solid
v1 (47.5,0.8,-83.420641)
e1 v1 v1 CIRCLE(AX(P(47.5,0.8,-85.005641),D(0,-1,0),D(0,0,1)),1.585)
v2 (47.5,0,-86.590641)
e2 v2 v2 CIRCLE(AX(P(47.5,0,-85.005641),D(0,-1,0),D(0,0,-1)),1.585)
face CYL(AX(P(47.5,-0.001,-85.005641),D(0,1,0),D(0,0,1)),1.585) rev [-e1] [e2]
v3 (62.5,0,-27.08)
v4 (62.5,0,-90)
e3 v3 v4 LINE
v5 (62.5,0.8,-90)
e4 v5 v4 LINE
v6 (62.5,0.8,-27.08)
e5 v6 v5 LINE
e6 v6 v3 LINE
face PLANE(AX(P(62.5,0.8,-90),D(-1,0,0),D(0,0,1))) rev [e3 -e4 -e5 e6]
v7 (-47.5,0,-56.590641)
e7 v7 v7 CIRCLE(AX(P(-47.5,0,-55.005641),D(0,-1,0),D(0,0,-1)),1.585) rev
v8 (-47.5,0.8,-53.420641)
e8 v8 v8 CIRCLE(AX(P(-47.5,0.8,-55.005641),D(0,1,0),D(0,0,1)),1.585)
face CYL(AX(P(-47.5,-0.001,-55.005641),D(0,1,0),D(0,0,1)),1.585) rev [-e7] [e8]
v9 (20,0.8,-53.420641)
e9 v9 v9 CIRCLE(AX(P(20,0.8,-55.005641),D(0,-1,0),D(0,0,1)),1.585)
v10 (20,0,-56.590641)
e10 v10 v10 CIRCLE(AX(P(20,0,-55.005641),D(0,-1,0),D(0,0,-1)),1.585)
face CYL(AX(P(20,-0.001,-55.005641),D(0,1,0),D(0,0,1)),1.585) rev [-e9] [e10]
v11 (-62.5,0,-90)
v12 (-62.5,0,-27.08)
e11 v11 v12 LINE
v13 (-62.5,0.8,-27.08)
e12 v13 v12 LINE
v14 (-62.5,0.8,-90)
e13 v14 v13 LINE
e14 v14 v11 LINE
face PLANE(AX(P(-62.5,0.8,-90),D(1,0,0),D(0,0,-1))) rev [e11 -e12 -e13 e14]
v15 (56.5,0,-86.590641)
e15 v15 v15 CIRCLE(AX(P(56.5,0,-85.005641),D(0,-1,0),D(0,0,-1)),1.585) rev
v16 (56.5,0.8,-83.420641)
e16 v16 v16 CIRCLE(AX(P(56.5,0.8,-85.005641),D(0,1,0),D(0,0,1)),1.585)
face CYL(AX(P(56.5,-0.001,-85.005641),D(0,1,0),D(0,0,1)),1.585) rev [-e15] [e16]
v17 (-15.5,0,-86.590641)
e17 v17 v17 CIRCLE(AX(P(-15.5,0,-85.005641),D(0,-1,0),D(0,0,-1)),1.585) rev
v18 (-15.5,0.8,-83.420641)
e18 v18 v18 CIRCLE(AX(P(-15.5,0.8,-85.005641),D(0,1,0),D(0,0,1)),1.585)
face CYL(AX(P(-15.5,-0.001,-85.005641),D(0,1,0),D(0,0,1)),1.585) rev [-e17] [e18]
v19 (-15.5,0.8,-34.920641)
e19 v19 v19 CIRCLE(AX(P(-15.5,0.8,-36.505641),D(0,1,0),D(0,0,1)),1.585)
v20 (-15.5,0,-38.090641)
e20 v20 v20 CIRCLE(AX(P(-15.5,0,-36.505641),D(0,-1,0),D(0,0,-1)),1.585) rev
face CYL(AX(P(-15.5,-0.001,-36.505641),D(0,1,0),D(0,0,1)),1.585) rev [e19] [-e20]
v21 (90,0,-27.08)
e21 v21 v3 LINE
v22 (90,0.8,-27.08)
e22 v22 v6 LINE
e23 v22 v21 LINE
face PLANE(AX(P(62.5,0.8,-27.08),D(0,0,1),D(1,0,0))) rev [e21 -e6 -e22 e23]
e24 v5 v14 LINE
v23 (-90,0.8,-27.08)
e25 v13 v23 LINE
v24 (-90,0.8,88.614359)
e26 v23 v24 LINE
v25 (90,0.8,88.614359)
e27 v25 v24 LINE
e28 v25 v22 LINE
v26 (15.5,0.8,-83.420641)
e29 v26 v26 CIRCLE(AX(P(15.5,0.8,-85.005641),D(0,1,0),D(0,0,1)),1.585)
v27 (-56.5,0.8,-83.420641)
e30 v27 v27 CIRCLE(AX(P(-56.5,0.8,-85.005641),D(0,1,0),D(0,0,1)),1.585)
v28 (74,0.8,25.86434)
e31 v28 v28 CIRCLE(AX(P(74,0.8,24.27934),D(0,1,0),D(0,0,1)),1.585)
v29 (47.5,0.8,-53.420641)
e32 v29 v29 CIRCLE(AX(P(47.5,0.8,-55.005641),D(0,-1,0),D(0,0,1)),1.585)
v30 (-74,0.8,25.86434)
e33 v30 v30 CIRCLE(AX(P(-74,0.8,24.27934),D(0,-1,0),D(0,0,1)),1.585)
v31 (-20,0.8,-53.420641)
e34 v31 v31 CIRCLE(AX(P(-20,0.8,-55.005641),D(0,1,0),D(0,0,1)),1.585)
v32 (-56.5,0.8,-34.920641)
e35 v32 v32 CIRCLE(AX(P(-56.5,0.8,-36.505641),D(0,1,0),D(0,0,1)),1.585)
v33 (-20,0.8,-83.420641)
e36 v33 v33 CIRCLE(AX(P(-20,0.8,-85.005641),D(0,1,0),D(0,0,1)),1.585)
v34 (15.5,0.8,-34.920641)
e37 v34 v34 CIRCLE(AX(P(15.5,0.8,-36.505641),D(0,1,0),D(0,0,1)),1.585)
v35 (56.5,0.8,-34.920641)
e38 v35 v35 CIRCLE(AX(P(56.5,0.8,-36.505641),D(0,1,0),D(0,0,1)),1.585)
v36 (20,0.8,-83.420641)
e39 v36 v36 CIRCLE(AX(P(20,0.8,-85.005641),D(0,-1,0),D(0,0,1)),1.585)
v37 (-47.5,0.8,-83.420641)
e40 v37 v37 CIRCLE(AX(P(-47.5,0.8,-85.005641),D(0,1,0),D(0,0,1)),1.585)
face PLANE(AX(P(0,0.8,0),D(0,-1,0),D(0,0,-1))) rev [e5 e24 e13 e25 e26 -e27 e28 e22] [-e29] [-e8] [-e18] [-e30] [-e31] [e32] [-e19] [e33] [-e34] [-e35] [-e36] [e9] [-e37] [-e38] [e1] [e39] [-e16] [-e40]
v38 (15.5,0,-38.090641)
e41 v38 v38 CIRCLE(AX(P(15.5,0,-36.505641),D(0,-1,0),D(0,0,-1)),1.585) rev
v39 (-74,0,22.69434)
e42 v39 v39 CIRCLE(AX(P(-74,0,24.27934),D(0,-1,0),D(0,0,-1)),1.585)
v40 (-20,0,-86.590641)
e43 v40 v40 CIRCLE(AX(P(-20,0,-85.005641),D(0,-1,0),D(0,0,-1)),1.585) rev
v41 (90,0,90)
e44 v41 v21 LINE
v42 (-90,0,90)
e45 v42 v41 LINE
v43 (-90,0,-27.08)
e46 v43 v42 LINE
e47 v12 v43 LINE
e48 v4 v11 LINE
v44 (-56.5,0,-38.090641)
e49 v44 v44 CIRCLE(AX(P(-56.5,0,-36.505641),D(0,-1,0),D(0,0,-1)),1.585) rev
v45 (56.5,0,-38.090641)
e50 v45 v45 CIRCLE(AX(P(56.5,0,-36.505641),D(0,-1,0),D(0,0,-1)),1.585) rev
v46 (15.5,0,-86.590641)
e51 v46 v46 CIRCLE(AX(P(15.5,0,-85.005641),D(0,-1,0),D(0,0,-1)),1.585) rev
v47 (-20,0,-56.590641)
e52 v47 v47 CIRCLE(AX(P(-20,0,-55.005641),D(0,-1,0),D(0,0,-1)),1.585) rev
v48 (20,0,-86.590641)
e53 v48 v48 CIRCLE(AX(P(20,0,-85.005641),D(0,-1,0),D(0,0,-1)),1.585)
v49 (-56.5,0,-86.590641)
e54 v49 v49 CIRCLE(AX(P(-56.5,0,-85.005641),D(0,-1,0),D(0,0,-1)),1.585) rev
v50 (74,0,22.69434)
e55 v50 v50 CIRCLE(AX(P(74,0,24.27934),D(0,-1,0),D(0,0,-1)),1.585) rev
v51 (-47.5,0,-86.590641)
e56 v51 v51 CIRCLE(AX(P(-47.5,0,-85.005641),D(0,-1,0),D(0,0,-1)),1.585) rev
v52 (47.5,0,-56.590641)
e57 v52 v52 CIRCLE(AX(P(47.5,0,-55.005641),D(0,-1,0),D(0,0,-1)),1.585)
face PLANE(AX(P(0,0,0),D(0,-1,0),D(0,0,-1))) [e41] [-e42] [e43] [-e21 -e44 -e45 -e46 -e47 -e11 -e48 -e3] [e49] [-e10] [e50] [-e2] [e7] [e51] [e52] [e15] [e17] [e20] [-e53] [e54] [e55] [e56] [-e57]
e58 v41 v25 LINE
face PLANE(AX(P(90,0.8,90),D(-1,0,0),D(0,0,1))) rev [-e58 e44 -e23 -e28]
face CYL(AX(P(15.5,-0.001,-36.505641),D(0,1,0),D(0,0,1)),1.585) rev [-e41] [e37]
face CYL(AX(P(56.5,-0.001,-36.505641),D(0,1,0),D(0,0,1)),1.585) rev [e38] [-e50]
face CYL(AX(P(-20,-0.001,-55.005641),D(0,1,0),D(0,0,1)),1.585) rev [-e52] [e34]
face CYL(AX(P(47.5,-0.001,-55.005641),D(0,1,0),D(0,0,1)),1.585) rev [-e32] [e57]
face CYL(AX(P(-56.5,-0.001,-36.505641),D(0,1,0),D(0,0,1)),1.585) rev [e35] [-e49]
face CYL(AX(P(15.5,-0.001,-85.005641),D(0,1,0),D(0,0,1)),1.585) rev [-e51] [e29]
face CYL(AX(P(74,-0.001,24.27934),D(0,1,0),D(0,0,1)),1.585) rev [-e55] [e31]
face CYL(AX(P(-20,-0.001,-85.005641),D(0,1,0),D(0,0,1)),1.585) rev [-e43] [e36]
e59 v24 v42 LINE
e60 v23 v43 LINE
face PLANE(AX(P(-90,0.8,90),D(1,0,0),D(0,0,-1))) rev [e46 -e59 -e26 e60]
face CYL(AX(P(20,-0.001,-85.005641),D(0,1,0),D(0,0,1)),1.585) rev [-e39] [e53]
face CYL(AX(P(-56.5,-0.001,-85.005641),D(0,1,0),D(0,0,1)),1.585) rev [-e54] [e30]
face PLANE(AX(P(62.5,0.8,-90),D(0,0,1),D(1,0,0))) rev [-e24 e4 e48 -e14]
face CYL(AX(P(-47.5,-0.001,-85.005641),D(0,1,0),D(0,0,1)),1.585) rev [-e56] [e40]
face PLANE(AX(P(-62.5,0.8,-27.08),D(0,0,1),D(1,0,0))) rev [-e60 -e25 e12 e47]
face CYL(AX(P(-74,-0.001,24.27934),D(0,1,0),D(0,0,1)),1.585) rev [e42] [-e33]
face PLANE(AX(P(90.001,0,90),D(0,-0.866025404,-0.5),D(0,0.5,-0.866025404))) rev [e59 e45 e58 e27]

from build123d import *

# Parameters (mm, degrees)
SALIENTE_EXTRUIR1_DEPTH = 0.8
CORTAR_EXTRUIR1_REACH   = 182
CROQUIS3_R              = 1.585
CORTAR_EXTRUIR2_DEPTH   = 0.8
CORTAR_EXTRUIR3_REACH   = 2.8
CROQUIS4_R              = 1.585
CORTAR_EXTRUIR4_REACH   = 2.8
CROQUIS6_R              = 1.585
CROQUIS7_R              = 1.585
CORTAR_EXTRUIR5_DEPTH   = 0.8


with BuildPart() as part:
    # Croquis1 → Saliente-Extruir1 (new body)
    with BuildSketch(Plane(origin=(0, 0, 0), x_dir=(1, 0, 0), z_dir=(0, 1, 0))):
        Polygon((-62.5, 90), (-62.5, 27.08), (-90, 27.08), (-90, -90), (90, -90), (90, 27.08), (62.5, 27.08), (62.5, 90), align=None)
    extrude(amount=SALIENTE_EXTRUIR1_DEPTH)

    # Croquis2 → Cortar-Extruir1 (cut, up to next)
    with BuildSketch(Plane.ZY.offset(90), mode=Mode.PRIVATE) as cortar_extruir1_sk1:
        Polygon((90, 0), (88.614359354, 0.8), (90, 0.8), align=None)
    cortar_extruir1_tool1 = extrude(cortar_extruir1_sk1.sketch, amount=-CORTAR_EXTRUIR1_REACH, mode=Mode.PRIVATE) & part.part
    add(cortar_extruir1_tool1.solids().sort_by_distance((-90, 0.533333, 89.53812))[0], mode=Mode.SUBTRACT)

    # Croquis3 → Cortar-Extruir2 (cut)
    with BuildSketch(Plane(origin=(0, 0.8, 0), x_dir=(1, 0, 0), z_dir=(0, 1, 0))):
        with Locations((74, -24.279339937)):
            Circle(CROQUIS3_R)
    cortar_extruir2 = extrude(amount=-CORTAR_EXTRUIR2_DEPTH, mode=Mode.SUBTRACT)

    # Simetría1: Cortar-Extruir2 across plane
    add(cortar_extruir2.mirror(Plane(origin=(0, 0, 0), x_dir=(0, 0, 1), z_dir=(1, 0, 0))), mode=Mode.SUBTRACT)

    # Croquis4 → Cortar-Extruir3 (cut, up to next)
    with BuildSketch(Plane(origin=(0, 0.8, 0), x_dir=(1, 0, 0), z_dir=(0, 1, 0)), mode=Mode.PRIVATE) as cortar_extruir3_sk1:
        with Locations((-56.5, 36.505640646)):
            Circle(CROQUIS4_R)
    cortar_extruir3_tool1 = extrude(cortar_extruir3_sk1.sketch, amount=-CORTAR_EXTRUIR3_REACH, mode=Mode.PRIVATE) & part.part
    add(cortar_extruir3_tool1.solids().sort_by_distance((-56.5, 0.8, -36.505641))[0], mode=Mode.SUBTRACT)
    # Croquis4 → Cortar-Extruir3 (cut, up to next)
    with BuildSketch(Plane(origin=(0, 0.8, 0), x_dir=(1, 0, 0), z_dir=(0, 1, 0)), mode=Mode.PRIVATE) as cortar_extruir3_sk2:
        with Locations((-15.5, 36.505640646)):
            Circle(CROQUIS4_R)
    cortar_extruir3_tool2 = extrude(cortar_extruir3_sk2.sketch, amount=-CORTAR_EXTRUIR3_REACH, mode=Mode.PRIVATE) & part.part
    add(cortar_extruir3_tool2.solids().sort_by_distance((-15.5, 0.8, -36.505641))[0], mode=Mode.SUBTRACT)
    # Croquis4 → Cortar-Extruir3 (cut, up to next)
    with BuildSketch(Plane(origin=(0, 0.8, 0), x_dir=(1, 0, 0), z_dir=(0, 1, 0)), mode=Mode.PRIVATE) as cortar_extruir3_sk3:
        with Locations((-15.5, 85.005640646)):
            Circle(CROQUIS4_R)
    cortar_extruir3_tool3 = extrude(cortar_extruir3_sk3.sketch, amount=-CORTAR_EXTRUIR3_REACH, mode=Mode.PRIVATE) & part.part
    add(cortar_extruir3_tool3.solids().sort_by_distance((-15.5, 0.8, -85.005641))[0], mode=Mode.SUBTRACT)
    # Croquis4 → Cortar-Extruir3 (cut, up to next)
    with BuildSketch(Plane(origin=(0, 0.8, 0), x_dir=(1, 0, 0), z_dir=(0, 1, 0)), mode=Mode.PRIVATE) as cortar_extruir3_sk4:
        with Locations((-56.5, 85.005640646)):
            Circle(CROQUIS4_R)
    cortar_extruir3_tool4 = extrude(cortar_extruir3_sk4.sketch, amount=-CORTAR_EXTRUIR3_REACH, mode=Mode.PRIVATE) & part.part
    add(cortar_extruir3_tool4.solids().sort_by_distance((-56.5, 0.8, -85.005641))[0], mode=Mode.SUBTRACT)

    # Croquis6 → Cortar-Extruir4 (cut, up to next)
    with BuildSketch(Plane(origin=(0, 0.8, 0), x_dir=(1, 0, 0), z_dir=(0, 1, 0)), mode=Mode.PRIVATE) as cortar_extruir4_sk1:
        with Locations((56.5, 85.005640646)):
            Circle(CROQUIS6_R)
    cortar_extruir4_tool1 = extrude(cortar_extruir4_sk1.sketch, amount=-CORTAR_EXTRUIR4_REACH, mode=Mode.PRIVATE) & part.part
    add(cortar_extruir4_tool1.solids().sort_by_distance((56.5, 0.8, -85.005641))[0], mode=Mode.SUBTRACT)
    # Croquis6 → Cortar-Extruir4 (cut, up to next)
    with BuildSketch(Plane(origin=(0, 0.8, 0), x_dir=(1, 0, 0), z_dir=(0, 1, 0)), mode=Mode.PRIVATE) as cortar_extruir4_sk2:
        with Locations((15.5, 85.005640646)):
            Circle(CROQUIS6_R)
    cortar_extruir4_tool2 = extrude(cortar_extruir4_sk2.sketch, amount=-CORTAR_EXTRUIR4_REACH, mode=Mode.PRIVATE) & part.part
    add(cortar_extruir4_tool2.solids().sort_by_distance((15.5, 0.8, -85.005641))[0], mode=Mode.SUBTRACT)
    # Croquis6 → Cortar-Extruir4 (cut, up to next)
    with BuildSketch(Plane(origin=(0, 0.8, 0), x_dir=(1, 0, 0), z_dir=(0, 1, 0)), mode=Mode.PRIVATE) as cortar_extruir4_sk3:
        with Locations((15.5, 36.505640646)):
            Circle(CROQUIS6_R)
    cortar_extruir4_tool3 = extrude(cortar_extruir4_sk3.sketch, amount=-CORTAR_EXTRUIR4_REACH, mode=Mode.PRIVATE) & part.part
    add(cortar_extruir4_tool3.solids().sort_by_distance((15.5, 0.8, -36.505641))[0], mode=Mode.SUBTRACT)
    # Croquis6 → Cortar-Extruir4 (cut, up to next)
    with BuildSketch(Plane(origin=(0, 0.8, 0), x_dir=(1, 0, 0), z_dir=(0, 1, 0)), mode=Mode.PRIVATE) as cortar_extruir4_sk4:
        with Locations((56.5, 36.505640646)):
            Circle(CROQUIS6_R)
    cortar_extruir4_tool4 = extrude(cortar_extruir4_sk4.sketch, amount=-CORTAR_EXTRUIR4_REACH, mode=Mode.PRIVATE) & part.part
    add(cortar_extruir4_tool4.solids().sort_by_distance((56.5, 0.8, -36.505641))[0], mode=Mode.SUBTRACT)

    # Croquis7 → Cortar-Extruir5 (cut)
    with BuildSketch(Plane(origin=(0, 0.8, 0), x_dir=(1, 0, 0), z_dir=(0, 1, 0))):
        with Locations((-20, 85.005640646)):
            Circle(CROQUIS7_R)
        with Locations((-47.5, 85.005640646)):
            Circle(CROQUIS7_R)
        with Locations((-47.5, 55.005640646)):
            Circle(CROQUIS7_R)
        with Locations((-20, 55.005640646)):
            Circle(CROQUIS7_R)
    cortar_extruir5 = extrude(amount=-CORTAR_EXTRUIR5_DEPTH, mode=Mode.SUBTRACT)

    # Simetría2: Cortar-Extruir5 across plane
    add(cortar_extruir5.mirror(Plane(origin=(0, 0, 0), x_dir=(0, 0, 1), z_dir=(1, 0, 0))), mode=Mode.SUBTRACT)


solid = part.part
